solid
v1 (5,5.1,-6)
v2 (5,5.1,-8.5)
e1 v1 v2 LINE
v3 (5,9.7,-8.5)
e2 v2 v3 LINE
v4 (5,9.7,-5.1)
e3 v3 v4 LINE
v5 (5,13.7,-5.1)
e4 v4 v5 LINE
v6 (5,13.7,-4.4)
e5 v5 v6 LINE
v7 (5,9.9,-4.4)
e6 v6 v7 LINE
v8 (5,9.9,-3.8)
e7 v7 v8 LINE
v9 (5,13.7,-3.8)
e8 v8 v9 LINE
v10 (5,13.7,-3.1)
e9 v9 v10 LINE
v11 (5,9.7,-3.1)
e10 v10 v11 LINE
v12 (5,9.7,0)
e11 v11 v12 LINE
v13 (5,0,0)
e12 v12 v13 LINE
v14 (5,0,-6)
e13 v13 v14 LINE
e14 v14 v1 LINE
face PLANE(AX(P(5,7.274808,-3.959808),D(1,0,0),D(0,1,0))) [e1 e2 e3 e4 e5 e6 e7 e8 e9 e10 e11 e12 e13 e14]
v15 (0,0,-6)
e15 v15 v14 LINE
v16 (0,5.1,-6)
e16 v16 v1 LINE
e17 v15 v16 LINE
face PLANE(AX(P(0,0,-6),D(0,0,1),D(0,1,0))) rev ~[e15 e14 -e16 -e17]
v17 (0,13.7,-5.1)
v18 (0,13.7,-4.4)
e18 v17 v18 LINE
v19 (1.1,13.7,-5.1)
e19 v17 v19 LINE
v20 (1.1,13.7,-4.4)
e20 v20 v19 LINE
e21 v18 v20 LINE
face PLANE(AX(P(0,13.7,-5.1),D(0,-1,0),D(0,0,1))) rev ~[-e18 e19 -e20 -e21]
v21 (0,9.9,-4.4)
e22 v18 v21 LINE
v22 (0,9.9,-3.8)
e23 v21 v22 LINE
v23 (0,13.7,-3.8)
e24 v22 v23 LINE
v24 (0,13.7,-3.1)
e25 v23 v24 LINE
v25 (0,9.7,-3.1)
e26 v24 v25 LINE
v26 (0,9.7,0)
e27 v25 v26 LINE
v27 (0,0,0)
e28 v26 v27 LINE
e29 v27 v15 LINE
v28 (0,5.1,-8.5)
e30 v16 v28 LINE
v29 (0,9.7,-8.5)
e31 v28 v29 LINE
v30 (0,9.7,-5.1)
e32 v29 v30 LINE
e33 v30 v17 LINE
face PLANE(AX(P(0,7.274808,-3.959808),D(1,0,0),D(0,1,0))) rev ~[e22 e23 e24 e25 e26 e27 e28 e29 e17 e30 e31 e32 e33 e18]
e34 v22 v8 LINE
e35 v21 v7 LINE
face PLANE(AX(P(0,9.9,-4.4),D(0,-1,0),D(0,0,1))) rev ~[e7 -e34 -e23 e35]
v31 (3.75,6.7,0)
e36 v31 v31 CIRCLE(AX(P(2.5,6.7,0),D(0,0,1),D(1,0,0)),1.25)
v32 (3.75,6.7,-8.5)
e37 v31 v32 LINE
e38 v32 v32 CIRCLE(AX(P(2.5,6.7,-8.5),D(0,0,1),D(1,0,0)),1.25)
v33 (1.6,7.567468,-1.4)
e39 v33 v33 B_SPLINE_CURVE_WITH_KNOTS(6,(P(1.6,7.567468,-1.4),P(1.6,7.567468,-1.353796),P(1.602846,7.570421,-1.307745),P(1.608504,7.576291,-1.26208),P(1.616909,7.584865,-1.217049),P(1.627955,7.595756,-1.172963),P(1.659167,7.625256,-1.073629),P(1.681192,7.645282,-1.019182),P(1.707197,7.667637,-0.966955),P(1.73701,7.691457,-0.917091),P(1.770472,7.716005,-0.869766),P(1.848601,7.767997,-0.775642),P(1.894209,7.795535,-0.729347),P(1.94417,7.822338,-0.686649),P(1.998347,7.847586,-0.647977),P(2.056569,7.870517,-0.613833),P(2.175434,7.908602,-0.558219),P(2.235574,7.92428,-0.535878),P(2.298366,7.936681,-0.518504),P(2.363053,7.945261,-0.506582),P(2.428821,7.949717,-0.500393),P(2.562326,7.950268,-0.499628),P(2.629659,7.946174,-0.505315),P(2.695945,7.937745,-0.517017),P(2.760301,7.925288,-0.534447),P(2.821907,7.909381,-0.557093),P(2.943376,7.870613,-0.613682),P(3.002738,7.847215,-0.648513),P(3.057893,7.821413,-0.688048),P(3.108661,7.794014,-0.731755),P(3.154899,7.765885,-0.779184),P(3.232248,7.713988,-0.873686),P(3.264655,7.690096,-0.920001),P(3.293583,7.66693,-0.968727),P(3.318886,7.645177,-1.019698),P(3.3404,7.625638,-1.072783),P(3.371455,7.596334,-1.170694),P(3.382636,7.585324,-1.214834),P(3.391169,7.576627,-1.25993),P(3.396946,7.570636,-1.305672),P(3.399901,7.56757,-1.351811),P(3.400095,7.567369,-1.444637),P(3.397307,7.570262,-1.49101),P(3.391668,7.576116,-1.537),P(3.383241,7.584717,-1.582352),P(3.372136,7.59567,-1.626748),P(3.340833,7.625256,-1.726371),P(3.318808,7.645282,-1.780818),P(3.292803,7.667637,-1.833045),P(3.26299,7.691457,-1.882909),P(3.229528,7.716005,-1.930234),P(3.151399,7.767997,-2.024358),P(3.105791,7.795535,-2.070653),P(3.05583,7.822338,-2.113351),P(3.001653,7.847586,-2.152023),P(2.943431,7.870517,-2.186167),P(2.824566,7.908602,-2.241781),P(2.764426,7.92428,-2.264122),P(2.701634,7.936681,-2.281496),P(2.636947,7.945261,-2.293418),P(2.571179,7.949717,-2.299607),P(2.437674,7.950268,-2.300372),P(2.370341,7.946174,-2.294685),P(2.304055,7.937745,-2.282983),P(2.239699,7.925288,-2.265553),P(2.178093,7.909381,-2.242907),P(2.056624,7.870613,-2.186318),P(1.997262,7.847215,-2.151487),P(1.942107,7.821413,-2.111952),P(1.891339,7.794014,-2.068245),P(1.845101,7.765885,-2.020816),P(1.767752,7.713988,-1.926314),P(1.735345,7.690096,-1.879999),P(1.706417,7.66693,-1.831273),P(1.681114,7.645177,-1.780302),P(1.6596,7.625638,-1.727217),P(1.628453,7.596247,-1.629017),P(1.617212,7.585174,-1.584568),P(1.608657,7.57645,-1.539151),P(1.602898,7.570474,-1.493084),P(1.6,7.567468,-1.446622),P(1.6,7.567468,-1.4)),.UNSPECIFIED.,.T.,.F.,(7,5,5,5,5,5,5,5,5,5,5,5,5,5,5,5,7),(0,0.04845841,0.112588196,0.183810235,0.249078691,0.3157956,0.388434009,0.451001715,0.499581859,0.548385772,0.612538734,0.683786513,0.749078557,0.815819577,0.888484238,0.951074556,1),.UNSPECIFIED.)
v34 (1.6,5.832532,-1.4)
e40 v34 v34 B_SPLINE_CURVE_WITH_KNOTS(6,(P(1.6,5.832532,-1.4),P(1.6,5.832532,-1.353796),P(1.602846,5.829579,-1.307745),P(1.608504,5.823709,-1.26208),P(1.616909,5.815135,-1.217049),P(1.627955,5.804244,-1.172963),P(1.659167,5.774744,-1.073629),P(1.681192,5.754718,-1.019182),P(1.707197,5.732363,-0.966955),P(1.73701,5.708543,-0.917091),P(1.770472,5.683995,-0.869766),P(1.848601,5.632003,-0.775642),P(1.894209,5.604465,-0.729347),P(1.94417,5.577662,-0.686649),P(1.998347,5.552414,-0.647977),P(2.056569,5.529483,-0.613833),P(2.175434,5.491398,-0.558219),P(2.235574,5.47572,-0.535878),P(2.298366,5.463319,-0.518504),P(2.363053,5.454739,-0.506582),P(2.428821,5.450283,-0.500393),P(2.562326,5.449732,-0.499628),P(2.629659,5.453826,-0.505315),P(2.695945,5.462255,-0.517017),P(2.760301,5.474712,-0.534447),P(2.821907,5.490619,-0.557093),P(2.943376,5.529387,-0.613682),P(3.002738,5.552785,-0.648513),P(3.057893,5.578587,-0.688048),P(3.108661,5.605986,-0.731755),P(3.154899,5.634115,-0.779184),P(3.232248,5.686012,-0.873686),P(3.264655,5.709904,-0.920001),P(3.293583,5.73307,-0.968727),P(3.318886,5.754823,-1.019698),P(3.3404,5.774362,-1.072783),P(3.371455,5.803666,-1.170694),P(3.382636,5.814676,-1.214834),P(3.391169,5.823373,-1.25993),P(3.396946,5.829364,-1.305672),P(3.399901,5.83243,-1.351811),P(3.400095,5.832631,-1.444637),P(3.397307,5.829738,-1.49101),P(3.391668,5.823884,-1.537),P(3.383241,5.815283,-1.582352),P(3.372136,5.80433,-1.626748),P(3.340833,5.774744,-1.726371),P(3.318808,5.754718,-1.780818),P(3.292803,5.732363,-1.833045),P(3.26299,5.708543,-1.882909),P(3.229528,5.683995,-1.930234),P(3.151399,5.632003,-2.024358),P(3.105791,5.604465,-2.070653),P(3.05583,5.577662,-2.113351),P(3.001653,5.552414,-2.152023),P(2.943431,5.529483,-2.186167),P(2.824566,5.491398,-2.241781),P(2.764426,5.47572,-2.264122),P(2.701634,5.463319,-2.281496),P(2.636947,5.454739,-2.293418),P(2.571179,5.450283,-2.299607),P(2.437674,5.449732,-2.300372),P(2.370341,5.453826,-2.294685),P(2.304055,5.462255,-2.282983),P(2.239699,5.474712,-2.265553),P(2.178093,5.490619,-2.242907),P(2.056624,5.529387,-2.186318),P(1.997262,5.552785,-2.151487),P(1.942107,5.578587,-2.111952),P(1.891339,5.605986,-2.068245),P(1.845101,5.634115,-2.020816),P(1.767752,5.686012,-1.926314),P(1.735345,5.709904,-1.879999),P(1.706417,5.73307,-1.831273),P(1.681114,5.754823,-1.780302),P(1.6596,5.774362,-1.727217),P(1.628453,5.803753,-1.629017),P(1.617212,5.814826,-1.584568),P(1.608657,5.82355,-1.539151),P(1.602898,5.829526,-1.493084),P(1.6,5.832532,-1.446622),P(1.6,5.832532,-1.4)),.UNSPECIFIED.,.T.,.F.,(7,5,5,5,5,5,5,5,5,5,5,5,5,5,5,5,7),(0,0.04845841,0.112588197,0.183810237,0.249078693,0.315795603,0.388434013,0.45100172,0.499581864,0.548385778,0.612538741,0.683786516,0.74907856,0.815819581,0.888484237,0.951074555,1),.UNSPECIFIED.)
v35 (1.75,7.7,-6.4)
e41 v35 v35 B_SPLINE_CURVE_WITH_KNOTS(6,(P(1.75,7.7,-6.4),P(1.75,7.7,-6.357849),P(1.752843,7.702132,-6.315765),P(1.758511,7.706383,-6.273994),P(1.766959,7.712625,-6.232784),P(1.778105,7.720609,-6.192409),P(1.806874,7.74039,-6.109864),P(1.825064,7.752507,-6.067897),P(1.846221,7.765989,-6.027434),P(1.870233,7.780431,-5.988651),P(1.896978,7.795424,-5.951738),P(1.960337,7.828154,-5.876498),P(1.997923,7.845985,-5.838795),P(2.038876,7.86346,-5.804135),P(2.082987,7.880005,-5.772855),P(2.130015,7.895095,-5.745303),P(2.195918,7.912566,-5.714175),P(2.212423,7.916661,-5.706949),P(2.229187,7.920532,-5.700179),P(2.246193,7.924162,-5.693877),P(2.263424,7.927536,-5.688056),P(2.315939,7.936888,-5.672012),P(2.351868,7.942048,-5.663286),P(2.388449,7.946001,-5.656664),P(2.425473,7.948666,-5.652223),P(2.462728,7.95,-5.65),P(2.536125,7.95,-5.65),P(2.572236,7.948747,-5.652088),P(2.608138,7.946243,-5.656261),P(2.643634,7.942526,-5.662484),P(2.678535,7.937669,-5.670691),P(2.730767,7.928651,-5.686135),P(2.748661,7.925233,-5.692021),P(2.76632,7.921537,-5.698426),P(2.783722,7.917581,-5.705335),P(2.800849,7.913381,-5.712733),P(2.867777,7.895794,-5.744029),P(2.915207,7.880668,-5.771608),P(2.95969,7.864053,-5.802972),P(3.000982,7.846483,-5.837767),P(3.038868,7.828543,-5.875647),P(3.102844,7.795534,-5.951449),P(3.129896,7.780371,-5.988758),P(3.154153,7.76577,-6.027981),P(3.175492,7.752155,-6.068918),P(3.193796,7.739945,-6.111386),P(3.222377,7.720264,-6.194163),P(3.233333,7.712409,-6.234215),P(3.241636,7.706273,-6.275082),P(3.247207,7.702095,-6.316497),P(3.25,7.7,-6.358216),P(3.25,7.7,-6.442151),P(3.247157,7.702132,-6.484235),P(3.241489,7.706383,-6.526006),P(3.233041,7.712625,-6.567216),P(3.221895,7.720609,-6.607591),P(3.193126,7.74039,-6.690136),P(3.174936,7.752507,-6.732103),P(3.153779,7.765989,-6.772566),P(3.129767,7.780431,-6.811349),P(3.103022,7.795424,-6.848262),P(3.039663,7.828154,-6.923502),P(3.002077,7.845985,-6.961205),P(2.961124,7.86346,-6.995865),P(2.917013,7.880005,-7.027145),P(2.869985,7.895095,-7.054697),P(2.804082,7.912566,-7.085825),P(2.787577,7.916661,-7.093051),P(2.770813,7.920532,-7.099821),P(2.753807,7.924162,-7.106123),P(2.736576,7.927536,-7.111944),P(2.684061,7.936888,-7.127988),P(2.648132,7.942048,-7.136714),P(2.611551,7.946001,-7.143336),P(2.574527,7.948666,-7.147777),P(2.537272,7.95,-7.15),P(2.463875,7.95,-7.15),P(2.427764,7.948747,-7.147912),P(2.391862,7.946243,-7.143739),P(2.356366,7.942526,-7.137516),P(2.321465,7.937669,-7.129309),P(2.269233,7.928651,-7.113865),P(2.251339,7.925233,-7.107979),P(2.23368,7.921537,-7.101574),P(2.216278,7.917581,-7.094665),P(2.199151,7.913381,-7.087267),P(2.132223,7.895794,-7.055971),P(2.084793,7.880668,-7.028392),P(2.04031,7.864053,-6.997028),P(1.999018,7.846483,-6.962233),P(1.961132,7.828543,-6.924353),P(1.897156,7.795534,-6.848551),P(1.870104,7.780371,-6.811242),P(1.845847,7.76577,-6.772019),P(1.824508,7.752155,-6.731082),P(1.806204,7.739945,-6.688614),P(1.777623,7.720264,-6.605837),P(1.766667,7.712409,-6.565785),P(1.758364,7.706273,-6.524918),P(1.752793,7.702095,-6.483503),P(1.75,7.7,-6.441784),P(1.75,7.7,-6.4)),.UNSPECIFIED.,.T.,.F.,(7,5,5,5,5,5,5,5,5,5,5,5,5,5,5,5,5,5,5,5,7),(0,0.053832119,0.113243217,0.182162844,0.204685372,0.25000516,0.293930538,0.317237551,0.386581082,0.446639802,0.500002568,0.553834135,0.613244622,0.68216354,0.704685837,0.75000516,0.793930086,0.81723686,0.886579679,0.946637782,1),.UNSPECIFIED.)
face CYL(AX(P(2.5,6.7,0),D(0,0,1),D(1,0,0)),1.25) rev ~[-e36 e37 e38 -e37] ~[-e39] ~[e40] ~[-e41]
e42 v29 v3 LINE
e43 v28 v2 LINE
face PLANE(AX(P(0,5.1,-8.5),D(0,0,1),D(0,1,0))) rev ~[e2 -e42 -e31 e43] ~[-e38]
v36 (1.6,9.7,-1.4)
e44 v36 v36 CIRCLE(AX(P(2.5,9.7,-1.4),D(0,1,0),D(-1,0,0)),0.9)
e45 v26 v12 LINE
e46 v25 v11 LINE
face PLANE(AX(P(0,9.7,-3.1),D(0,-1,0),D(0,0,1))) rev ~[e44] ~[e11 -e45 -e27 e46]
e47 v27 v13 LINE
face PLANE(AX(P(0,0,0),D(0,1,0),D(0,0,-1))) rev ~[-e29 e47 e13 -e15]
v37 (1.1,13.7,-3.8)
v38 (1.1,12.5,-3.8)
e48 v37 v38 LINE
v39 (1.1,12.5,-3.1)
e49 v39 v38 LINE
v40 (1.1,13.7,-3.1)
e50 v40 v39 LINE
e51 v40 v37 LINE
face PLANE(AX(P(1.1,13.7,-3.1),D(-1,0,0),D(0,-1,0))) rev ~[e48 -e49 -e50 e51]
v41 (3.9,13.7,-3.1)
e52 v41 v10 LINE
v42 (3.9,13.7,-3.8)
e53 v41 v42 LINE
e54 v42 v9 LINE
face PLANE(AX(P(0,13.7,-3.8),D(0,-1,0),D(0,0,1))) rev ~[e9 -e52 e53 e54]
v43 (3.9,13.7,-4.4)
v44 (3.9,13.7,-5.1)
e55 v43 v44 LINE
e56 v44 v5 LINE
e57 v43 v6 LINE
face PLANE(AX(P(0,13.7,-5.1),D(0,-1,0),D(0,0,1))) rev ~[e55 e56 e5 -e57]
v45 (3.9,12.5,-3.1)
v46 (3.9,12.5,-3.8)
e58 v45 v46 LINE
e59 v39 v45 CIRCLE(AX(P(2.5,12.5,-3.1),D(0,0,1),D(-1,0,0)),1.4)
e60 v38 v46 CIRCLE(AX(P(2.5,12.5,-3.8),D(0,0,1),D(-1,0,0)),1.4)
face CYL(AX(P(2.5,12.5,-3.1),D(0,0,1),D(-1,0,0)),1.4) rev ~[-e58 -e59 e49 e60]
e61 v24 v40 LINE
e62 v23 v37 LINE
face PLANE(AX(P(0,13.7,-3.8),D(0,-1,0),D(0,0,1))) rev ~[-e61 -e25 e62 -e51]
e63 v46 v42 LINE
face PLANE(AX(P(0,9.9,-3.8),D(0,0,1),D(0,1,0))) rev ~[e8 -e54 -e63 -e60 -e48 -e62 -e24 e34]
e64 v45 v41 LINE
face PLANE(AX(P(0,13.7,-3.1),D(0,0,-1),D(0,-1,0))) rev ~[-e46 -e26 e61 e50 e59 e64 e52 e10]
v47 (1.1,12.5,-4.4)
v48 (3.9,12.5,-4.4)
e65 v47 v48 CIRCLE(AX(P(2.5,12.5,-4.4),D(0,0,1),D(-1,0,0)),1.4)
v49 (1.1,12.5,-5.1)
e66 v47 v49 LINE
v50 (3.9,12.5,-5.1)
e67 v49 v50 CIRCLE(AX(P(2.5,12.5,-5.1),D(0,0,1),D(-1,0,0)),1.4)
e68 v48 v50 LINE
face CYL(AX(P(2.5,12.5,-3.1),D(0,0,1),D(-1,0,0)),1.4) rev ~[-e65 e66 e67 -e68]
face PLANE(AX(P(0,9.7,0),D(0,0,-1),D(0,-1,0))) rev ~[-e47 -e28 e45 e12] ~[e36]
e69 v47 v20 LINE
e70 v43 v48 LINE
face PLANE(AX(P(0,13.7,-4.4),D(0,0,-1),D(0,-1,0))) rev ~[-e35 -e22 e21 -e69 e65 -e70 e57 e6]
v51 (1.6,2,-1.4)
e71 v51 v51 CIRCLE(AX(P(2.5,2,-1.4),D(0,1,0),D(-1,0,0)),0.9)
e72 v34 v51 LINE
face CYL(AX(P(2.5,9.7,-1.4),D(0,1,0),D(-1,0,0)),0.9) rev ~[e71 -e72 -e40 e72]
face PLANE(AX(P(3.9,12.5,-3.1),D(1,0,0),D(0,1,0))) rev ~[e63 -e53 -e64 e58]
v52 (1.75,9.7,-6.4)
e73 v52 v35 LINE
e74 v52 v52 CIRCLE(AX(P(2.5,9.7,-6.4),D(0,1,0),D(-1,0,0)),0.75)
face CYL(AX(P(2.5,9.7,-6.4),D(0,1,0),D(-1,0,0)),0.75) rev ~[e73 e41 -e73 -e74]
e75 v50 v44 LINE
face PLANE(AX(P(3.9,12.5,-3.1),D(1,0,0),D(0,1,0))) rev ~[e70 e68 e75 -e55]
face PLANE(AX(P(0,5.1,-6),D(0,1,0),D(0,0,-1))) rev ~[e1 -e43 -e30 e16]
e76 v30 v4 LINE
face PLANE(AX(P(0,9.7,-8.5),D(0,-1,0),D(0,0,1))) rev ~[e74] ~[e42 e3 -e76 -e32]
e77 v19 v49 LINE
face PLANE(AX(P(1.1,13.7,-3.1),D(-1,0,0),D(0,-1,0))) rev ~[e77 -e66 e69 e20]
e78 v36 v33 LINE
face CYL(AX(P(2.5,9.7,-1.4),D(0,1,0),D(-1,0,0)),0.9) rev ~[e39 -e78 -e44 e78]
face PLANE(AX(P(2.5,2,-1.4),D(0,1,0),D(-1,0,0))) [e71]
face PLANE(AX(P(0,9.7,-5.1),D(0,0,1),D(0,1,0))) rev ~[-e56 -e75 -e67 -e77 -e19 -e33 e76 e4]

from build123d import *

# Parameters (mm, degrees)
F1_DEPTH = 5
F3_DEPTH = 5.401
F4_R     = 1.25
F5_DEPTH = 8.501
F6_R     = 0.9
F7_DEPTH = 7.7
F8_R     = 0.75
F9_DEPTH = 2.0010001


with BuildPart() as f1:
    # F0 (on Right) → F1 (new body)
    with BuildSketch(Plane.YZ):
        Polygon((9.7, 0), (0, 0), (0, -6), (5.1, -6), (5.1, -8.5), (9.7, -8.5), (9.7, -5.1), (13.7, -5.1), (13.7, -4.4), (9.9, -4.4), (9.9, -3.8), (13.7, -3.8), (13.7, -3.1), (9.7, -3.1), align=None)
    extrude(amount=F1_DEPTH)

    # F2 (on face) → F3 (cut, through all)
    with BuildSketch(Plane.XY.offset(-3.1)):
        with BuildLine():
            Line((1.1, 13.7), (1.1, 12.5))
            ThreePointArc((1.1, 12.5), (2.5, 11.1), (3.9, 12.5))
            Line((3.9, 12.5), (3.9, 13.7))
            Line((3.9, 13.7), (1.1, 13.7))
        make_face()
    extrude(amount=-F3_DEPTH, mode=Mode.SUBTRACT)

    # F4 (on face) → F5 (cut, through all)
    with BuildSketch(Plane.XY):
        with Locations((2.5, 6.7)):
            Circle(F4_R)
    extrude(amount=-F5_DEPTH, mode=Mode.SUBTRACT)

    # F6 (on face) → F7 (cut)
    with BuildSketch(Plane(origin=(0, 9.7, 0), x_dir=(-1, 0, 0), z_dir=(0, 1, 0))):
        with Locations((-2.5, -1.4)):
            Circle(F6_R)
    extrude(amount=-F7_DEPTH, mode=Mode.SUBTRACT)

    # F8 (on face) → F9 (cut, through all)
    with BuildSketch(Plane(origin=(0, 9.7, 0), x_dir=(-1, 0, 0), z_dir=(0, 1, 0))):
        with Locations((-2.5, -6.4)):
            Circle(F8_R)
    extrude(amount=-F9_DEPTH, mode=Mode.SUBTRACT)


solid = f1.part
